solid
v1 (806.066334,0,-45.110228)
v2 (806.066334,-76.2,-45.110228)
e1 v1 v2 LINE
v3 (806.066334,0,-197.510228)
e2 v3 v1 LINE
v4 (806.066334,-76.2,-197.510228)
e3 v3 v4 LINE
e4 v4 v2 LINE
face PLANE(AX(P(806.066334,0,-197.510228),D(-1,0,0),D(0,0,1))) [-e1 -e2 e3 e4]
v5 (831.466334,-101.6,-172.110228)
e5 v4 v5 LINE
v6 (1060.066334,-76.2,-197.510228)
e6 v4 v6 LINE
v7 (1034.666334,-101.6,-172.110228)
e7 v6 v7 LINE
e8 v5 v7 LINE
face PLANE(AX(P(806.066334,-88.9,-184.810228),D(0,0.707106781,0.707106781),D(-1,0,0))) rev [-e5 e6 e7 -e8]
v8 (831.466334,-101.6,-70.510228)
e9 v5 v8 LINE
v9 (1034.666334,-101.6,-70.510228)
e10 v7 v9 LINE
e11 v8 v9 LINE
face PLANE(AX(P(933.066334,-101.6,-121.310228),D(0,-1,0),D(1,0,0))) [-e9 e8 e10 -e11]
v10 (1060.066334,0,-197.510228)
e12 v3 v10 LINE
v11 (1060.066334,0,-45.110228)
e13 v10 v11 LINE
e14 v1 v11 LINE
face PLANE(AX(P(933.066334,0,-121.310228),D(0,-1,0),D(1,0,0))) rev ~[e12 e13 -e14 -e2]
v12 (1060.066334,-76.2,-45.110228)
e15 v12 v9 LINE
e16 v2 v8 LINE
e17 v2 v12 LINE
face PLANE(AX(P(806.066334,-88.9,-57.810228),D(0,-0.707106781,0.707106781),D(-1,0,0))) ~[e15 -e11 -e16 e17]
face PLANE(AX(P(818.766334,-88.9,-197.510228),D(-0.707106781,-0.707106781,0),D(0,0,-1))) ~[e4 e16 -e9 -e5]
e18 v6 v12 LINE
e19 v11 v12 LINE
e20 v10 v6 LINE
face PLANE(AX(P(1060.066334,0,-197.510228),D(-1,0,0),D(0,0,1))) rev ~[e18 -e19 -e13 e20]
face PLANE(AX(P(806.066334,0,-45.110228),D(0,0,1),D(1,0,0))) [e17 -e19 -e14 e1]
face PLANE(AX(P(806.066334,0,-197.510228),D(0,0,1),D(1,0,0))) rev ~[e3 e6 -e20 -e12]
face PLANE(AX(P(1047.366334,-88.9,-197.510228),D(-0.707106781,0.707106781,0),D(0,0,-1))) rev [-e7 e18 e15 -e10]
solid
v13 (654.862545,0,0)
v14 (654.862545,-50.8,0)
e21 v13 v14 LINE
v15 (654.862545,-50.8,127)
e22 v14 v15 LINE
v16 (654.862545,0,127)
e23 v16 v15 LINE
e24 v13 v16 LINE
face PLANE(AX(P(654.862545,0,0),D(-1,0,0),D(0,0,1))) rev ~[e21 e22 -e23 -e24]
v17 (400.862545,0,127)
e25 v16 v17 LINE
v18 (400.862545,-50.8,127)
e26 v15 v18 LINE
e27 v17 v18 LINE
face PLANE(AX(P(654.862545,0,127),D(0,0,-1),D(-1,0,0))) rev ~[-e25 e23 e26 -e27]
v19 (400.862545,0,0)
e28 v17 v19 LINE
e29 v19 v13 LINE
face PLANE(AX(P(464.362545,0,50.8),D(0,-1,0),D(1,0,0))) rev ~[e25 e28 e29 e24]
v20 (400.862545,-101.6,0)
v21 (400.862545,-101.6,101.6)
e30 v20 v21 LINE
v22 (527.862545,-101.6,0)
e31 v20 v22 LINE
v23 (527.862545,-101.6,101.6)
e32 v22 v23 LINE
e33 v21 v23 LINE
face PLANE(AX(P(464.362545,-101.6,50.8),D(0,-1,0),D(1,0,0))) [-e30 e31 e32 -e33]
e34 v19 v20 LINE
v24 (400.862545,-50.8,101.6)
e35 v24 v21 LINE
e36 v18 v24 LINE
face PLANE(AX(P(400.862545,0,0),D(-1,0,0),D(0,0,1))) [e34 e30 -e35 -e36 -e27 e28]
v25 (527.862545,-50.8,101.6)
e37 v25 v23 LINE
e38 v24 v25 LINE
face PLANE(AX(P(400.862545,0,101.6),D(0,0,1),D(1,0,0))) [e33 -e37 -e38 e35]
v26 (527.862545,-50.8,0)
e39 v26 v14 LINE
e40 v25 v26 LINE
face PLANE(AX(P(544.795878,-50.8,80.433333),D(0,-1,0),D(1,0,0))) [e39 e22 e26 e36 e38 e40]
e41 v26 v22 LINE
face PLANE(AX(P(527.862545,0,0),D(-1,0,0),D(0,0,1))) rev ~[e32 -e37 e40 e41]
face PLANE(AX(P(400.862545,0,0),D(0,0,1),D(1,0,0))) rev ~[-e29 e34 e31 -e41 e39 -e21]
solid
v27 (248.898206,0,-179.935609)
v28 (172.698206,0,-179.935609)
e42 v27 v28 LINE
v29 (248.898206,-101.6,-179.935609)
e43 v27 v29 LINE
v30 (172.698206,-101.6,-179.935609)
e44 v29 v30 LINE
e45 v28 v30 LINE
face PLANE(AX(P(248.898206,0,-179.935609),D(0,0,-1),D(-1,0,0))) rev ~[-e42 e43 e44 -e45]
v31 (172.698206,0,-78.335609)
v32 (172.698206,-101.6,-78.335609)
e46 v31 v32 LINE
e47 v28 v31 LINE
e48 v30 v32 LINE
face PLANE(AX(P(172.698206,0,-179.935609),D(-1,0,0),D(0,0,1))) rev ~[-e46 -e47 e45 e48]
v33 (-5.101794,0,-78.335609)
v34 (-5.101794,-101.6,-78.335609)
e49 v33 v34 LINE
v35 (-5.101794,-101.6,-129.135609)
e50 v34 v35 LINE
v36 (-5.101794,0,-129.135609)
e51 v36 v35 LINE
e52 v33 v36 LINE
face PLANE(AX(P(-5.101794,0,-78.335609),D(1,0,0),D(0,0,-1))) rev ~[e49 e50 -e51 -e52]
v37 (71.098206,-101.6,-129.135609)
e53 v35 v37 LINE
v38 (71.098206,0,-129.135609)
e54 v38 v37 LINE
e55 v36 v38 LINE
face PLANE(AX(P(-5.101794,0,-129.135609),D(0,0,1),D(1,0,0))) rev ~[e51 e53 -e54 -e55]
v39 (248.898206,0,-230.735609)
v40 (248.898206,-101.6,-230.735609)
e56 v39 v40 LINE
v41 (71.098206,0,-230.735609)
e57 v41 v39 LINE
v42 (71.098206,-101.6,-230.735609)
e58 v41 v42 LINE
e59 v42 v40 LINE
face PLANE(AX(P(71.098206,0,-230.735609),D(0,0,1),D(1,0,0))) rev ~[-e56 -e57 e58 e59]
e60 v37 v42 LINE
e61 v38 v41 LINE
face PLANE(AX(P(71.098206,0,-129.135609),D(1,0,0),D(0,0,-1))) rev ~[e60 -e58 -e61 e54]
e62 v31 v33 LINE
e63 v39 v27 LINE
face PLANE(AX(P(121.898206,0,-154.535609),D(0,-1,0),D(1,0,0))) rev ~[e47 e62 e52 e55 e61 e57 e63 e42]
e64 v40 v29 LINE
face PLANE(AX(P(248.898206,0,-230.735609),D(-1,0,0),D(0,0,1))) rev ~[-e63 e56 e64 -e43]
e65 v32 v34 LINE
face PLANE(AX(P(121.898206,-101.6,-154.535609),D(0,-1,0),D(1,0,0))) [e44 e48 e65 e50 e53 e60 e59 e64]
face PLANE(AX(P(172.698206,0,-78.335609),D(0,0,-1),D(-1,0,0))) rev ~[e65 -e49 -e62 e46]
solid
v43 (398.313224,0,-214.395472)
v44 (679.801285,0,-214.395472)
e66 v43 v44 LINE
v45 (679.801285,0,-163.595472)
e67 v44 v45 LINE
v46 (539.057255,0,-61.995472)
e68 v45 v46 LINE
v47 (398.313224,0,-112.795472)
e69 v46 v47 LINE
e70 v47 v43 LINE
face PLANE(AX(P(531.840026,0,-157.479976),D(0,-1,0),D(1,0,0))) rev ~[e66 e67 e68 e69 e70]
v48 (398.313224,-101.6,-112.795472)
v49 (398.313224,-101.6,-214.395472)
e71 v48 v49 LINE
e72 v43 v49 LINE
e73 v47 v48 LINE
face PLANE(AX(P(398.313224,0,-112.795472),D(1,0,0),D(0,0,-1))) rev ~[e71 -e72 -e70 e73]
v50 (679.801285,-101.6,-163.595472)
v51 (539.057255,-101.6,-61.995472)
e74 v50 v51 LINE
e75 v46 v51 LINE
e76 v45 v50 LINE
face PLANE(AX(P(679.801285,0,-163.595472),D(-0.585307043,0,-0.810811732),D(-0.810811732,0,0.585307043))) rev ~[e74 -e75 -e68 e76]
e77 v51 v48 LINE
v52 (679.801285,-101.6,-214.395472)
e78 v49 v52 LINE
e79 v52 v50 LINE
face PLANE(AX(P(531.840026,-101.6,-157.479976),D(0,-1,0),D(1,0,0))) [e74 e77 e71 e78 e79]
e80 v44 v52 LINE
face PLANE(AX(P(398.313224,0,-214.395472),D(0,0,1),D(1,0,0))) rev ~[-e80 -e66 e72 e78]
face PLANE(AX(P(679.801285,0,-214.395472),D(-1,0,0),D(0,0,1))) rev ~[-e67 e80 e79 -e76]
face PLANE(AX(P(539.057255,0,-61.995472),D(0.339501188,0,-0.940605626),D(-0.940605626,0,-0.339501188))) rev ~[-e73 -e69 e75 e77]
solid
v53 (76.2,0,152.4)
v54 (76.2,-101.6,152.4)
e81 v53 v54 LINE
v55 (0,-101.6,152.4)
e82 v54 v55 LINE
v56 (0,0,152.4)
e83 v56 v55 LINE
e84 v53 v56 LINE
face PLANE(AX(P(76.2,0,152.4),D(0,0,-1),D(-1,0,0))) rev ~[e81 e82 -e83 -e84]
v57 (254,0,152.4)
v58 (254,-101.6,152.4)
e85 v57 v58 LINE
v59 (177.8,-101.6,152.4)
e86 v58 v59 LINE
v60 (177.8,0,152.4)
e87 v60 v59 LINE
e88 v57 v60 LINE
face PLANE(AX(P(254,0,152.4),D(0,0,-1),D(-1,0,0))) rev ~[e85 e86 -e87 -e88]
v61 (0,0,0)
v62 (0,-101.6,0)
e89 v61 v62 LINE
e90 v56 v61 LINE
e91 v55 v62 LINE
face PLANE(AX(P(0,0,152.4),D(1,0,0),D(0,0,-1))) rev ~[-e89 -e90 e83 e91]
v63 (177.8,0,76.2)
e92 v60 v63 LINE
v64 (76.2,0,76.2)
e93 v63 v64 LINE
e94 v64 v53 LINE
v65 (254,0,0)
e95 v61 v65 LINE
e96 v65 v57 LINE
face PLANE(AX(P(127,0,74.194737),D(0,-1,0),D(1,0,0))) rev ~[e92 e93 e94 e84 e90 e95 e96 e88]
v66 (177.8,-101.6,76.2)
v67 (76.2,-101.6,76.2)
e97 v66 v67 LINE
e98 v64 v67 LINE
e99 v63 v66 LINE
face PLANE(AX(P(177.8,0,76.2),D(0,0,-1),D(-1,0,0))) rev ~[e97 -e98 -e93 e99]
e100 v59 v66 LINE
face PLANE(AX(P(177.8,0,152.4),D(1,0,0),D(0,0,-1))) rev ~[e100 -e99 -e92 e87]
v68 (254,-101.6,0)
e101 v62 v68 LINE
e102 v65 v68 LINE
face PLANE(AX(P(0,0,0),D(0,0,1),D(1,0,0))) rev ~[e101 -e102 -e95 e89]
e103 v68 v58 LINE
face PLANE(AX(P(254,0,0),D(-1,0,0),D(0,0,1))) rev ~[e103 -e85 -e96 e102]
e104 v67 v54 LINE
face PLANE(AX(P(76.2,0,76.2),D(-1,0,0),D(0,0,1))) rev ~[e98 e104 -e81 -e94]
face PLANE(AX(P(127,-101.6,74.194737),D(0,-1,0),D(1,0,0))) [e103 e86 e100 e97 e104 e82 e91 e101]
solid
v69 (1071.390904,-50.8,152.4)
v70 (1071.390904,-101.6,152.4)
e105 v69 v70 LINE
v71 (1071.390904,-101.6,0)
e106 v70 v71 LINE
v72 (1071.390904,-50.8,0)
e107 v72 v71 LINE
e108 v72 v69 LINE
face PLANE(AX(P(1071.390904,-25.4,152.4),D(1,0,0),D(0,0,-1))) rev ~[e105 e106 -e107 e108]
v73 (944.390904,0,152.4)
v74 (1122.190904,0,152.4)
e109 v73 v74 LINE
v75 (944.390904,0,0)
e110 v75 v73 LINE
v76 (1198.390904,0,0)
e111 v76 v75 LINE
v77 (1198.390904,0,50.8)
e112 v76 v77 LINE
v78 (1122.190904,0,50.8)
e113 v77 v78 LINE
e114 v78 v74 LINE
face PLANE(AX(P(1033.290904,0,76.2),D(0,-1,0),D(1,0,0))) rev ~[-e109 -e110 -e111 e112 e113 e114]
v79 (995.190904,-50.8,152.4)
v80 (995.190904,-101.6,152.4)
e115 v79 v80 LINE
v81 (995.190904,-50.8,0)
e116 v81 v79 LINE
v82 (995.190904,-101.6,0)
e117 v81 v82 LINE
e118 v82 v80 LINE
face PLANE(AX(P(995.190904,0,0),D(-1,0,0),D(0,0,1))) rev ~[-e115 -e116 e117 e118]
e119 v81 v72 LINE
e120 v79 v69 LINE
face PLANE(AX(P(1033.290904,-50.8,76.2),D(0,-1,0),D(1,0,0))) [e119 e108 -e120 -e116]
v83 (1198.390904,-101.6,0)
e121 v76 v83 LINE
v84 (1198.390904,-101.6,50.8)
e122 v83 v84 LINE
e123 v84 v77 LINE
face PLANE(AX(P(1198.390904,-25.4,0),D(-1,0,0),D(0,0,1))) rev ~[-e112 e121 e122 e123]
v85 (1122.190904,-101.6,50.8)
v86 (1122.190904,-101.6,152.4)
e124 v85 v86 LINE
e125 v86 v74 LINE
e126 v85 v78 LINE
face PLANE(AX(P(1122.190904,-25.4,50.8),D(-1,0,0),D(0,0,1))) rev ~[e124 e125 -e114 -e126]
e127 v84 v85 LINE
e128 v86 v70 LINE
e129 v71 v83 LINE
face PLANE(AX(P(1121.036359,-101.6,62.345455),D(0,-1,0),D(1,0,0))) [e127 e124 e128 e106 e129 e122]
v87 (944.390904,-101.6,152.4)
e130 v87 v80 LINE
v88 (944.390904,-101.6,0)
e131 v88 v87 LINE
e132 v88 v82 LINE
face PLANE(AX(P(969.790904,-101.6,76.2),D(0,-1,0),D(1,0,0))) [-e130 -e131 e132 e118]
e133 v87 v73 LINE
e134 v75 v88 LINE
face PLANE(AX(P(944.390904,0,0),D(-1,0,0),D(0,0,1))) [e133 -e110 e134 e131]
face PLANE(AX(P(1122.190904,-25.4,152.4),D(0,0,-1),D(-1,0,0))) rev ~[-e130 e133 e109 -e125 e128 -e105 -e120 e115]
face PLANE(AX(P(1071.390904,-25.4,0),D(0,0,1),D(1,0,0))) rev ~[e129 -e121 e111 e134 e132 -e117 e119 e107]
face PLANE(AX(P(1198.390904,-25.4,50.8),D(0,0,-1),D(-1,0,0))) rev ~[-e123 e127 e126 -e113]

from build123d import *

# Parameters (mm, degrees)
F1_DEPTH  = 101.6
F4_DEPTH  = 50.8
F2_W      = 127
F2_H      = 101.6
F5_DEPTH  = 101.6
F3_W      = 50.8
F3_H      = 152.4
F6_DEPTH  = 101.6
F3_W_2    = 76.2
F7_DEPTH  = 25.4
F8_DEPTH  = 50.8
F9_DEPTH  = 76.2
F11_DEPTH = 101.6
F13_DEPTH = 101.6
F14_W     = 254
F14_H     = 152.4
F15_DEPTH = 101.6
F16_SIZE  = 25.4


with BuildPart() as f1:
    # F0 (on Front) → F1 (new body)
    with BuildSketch(Plane.XZ):
        Polygon((0, 152.4), (0, 0), (254, 0), (254, 152.4), (177.8, 152.4), (177.8, 76.2), (76.2, 76.2), (76.2, 152.4), align=None)
    extrude(amount=F1_DEPTH)


with BuildPart() as f4:
    # F2 (on Front) → F4 (new body)
    with BuildSketch(Plane.XZ):
        Polygon((654.862545, 127), (400.862545, 127), (400.862545, 101.6), (527.862545, 101.6), (527.862545, 0), (654.862545, 0), align=None)
    extrude(amount=F4_DEPTH)

    # F2 (on Front) → F5 (join)
    with BuildSketch(Plane.XZ):
        with Locations((464.362545, 50.8)):
            Rectangle(F2_W, F2_H)
    extrude(amount=F5_DEPTH)


with BuildPart() as f6:
    # F3 (on Front) → F6 (new body)
    with BuildSketch(Plane.XZ):
        with Locations((969.790904, 76.2)):
            Rectangle(F3_W, F3_H)
    extrude(amount=F6_DEPTH)

    # F3 (on Front) → F7 (join)
    with BuildSketch(Plane.XZ):
        with Locations((969.790904, 76.2)):
            Rectangle(F3_W, F3_H)
        with Locations((1033.290904, 76.2)):
            Rectangle(F3_W_2, F3_H)
        Polygon((1071.390904, 152.4), (1071.390904, 0), (1198.390904, 0), (1198.390904, 50.8), (1122.190904, 50.8), (1122.190904, 152.4), align=None)
    extrude(amount=F7_DEPTH)

    # F3 (on Front) → F8 (join)
    with BuildSketch(Plane.XZ):
        with Locations((1033.290904, 76.2)):
            Rectangle(F3_W_2, F3_H)
    extrude(amount=F8_DEPTH)

    # F7_face (on face) → F9 (join)
    with BuildSketch(Plane(origin=(1117.957571, -25.4, 59.266667), x_dir=(1, 0, 0), z_dir=(0, -1, 0))):
        Polygon((4.233333, 93.133333), (-46.566667, 93.133333), (-46.566667, -59.266667), (80.433333, -59.266667), (80.433333, -8.466667), (4.233333, -8.466667), align=None)
    extrude(amount=F9_DEPTH)


with BuildPart() as f11:
    # F10 (on Front) → F11 (new body)
    with BuildSketch(Plane.XZ):
        Polygon((172.698206, -78.335609), (-5.101794, -78.335609), (-5.101794, -129.135609), (71.098206, -129.135609), (71.098206, -230.735609), (248.898206, -230.735609), (248.898206, -179.935609), (172.698206, -179.935609), align=None)
    extrude(amount=F11_DEPTH)


with BuildPart() as f13:
    # F12 (on Front) → F13 (new body)
    with BuildSketch(Plane.XZ):
        Polygon((539.057255, -61.995472), (398.313224, -112.795472), (398.313224, -214.395472), (679.801285, -214.395472), (679.801285, -163.595472), align=None)
    extrude(amount=F13_DEPTH)


with BuildPart() as f15:
    # F14 (on Front) → F15 (new body)
    with BuildSketch(Plane.XZ):
        with Locations((933.066334, -121.310228)):
            Rectangle(F14_W, F14_H)
    extrude(amount=F15_DEPTH)

    # F16
    f16_edges = [f15.edges().sort_by_distance(p)[0] for p in [
        (933.066334, -101.6, -45.110228),
        (806.066334, -101.6, -121.310228),
        (933.066334, -101.6, -197.510228),
        (1060.066334, -101.6, -121.310228),
    ]]
    chamfer(f16_edges, length=F16_SIZE)


solid = Compound([f1.part, f4.part, f6.part, f11.part, f13.part, f15.part])
